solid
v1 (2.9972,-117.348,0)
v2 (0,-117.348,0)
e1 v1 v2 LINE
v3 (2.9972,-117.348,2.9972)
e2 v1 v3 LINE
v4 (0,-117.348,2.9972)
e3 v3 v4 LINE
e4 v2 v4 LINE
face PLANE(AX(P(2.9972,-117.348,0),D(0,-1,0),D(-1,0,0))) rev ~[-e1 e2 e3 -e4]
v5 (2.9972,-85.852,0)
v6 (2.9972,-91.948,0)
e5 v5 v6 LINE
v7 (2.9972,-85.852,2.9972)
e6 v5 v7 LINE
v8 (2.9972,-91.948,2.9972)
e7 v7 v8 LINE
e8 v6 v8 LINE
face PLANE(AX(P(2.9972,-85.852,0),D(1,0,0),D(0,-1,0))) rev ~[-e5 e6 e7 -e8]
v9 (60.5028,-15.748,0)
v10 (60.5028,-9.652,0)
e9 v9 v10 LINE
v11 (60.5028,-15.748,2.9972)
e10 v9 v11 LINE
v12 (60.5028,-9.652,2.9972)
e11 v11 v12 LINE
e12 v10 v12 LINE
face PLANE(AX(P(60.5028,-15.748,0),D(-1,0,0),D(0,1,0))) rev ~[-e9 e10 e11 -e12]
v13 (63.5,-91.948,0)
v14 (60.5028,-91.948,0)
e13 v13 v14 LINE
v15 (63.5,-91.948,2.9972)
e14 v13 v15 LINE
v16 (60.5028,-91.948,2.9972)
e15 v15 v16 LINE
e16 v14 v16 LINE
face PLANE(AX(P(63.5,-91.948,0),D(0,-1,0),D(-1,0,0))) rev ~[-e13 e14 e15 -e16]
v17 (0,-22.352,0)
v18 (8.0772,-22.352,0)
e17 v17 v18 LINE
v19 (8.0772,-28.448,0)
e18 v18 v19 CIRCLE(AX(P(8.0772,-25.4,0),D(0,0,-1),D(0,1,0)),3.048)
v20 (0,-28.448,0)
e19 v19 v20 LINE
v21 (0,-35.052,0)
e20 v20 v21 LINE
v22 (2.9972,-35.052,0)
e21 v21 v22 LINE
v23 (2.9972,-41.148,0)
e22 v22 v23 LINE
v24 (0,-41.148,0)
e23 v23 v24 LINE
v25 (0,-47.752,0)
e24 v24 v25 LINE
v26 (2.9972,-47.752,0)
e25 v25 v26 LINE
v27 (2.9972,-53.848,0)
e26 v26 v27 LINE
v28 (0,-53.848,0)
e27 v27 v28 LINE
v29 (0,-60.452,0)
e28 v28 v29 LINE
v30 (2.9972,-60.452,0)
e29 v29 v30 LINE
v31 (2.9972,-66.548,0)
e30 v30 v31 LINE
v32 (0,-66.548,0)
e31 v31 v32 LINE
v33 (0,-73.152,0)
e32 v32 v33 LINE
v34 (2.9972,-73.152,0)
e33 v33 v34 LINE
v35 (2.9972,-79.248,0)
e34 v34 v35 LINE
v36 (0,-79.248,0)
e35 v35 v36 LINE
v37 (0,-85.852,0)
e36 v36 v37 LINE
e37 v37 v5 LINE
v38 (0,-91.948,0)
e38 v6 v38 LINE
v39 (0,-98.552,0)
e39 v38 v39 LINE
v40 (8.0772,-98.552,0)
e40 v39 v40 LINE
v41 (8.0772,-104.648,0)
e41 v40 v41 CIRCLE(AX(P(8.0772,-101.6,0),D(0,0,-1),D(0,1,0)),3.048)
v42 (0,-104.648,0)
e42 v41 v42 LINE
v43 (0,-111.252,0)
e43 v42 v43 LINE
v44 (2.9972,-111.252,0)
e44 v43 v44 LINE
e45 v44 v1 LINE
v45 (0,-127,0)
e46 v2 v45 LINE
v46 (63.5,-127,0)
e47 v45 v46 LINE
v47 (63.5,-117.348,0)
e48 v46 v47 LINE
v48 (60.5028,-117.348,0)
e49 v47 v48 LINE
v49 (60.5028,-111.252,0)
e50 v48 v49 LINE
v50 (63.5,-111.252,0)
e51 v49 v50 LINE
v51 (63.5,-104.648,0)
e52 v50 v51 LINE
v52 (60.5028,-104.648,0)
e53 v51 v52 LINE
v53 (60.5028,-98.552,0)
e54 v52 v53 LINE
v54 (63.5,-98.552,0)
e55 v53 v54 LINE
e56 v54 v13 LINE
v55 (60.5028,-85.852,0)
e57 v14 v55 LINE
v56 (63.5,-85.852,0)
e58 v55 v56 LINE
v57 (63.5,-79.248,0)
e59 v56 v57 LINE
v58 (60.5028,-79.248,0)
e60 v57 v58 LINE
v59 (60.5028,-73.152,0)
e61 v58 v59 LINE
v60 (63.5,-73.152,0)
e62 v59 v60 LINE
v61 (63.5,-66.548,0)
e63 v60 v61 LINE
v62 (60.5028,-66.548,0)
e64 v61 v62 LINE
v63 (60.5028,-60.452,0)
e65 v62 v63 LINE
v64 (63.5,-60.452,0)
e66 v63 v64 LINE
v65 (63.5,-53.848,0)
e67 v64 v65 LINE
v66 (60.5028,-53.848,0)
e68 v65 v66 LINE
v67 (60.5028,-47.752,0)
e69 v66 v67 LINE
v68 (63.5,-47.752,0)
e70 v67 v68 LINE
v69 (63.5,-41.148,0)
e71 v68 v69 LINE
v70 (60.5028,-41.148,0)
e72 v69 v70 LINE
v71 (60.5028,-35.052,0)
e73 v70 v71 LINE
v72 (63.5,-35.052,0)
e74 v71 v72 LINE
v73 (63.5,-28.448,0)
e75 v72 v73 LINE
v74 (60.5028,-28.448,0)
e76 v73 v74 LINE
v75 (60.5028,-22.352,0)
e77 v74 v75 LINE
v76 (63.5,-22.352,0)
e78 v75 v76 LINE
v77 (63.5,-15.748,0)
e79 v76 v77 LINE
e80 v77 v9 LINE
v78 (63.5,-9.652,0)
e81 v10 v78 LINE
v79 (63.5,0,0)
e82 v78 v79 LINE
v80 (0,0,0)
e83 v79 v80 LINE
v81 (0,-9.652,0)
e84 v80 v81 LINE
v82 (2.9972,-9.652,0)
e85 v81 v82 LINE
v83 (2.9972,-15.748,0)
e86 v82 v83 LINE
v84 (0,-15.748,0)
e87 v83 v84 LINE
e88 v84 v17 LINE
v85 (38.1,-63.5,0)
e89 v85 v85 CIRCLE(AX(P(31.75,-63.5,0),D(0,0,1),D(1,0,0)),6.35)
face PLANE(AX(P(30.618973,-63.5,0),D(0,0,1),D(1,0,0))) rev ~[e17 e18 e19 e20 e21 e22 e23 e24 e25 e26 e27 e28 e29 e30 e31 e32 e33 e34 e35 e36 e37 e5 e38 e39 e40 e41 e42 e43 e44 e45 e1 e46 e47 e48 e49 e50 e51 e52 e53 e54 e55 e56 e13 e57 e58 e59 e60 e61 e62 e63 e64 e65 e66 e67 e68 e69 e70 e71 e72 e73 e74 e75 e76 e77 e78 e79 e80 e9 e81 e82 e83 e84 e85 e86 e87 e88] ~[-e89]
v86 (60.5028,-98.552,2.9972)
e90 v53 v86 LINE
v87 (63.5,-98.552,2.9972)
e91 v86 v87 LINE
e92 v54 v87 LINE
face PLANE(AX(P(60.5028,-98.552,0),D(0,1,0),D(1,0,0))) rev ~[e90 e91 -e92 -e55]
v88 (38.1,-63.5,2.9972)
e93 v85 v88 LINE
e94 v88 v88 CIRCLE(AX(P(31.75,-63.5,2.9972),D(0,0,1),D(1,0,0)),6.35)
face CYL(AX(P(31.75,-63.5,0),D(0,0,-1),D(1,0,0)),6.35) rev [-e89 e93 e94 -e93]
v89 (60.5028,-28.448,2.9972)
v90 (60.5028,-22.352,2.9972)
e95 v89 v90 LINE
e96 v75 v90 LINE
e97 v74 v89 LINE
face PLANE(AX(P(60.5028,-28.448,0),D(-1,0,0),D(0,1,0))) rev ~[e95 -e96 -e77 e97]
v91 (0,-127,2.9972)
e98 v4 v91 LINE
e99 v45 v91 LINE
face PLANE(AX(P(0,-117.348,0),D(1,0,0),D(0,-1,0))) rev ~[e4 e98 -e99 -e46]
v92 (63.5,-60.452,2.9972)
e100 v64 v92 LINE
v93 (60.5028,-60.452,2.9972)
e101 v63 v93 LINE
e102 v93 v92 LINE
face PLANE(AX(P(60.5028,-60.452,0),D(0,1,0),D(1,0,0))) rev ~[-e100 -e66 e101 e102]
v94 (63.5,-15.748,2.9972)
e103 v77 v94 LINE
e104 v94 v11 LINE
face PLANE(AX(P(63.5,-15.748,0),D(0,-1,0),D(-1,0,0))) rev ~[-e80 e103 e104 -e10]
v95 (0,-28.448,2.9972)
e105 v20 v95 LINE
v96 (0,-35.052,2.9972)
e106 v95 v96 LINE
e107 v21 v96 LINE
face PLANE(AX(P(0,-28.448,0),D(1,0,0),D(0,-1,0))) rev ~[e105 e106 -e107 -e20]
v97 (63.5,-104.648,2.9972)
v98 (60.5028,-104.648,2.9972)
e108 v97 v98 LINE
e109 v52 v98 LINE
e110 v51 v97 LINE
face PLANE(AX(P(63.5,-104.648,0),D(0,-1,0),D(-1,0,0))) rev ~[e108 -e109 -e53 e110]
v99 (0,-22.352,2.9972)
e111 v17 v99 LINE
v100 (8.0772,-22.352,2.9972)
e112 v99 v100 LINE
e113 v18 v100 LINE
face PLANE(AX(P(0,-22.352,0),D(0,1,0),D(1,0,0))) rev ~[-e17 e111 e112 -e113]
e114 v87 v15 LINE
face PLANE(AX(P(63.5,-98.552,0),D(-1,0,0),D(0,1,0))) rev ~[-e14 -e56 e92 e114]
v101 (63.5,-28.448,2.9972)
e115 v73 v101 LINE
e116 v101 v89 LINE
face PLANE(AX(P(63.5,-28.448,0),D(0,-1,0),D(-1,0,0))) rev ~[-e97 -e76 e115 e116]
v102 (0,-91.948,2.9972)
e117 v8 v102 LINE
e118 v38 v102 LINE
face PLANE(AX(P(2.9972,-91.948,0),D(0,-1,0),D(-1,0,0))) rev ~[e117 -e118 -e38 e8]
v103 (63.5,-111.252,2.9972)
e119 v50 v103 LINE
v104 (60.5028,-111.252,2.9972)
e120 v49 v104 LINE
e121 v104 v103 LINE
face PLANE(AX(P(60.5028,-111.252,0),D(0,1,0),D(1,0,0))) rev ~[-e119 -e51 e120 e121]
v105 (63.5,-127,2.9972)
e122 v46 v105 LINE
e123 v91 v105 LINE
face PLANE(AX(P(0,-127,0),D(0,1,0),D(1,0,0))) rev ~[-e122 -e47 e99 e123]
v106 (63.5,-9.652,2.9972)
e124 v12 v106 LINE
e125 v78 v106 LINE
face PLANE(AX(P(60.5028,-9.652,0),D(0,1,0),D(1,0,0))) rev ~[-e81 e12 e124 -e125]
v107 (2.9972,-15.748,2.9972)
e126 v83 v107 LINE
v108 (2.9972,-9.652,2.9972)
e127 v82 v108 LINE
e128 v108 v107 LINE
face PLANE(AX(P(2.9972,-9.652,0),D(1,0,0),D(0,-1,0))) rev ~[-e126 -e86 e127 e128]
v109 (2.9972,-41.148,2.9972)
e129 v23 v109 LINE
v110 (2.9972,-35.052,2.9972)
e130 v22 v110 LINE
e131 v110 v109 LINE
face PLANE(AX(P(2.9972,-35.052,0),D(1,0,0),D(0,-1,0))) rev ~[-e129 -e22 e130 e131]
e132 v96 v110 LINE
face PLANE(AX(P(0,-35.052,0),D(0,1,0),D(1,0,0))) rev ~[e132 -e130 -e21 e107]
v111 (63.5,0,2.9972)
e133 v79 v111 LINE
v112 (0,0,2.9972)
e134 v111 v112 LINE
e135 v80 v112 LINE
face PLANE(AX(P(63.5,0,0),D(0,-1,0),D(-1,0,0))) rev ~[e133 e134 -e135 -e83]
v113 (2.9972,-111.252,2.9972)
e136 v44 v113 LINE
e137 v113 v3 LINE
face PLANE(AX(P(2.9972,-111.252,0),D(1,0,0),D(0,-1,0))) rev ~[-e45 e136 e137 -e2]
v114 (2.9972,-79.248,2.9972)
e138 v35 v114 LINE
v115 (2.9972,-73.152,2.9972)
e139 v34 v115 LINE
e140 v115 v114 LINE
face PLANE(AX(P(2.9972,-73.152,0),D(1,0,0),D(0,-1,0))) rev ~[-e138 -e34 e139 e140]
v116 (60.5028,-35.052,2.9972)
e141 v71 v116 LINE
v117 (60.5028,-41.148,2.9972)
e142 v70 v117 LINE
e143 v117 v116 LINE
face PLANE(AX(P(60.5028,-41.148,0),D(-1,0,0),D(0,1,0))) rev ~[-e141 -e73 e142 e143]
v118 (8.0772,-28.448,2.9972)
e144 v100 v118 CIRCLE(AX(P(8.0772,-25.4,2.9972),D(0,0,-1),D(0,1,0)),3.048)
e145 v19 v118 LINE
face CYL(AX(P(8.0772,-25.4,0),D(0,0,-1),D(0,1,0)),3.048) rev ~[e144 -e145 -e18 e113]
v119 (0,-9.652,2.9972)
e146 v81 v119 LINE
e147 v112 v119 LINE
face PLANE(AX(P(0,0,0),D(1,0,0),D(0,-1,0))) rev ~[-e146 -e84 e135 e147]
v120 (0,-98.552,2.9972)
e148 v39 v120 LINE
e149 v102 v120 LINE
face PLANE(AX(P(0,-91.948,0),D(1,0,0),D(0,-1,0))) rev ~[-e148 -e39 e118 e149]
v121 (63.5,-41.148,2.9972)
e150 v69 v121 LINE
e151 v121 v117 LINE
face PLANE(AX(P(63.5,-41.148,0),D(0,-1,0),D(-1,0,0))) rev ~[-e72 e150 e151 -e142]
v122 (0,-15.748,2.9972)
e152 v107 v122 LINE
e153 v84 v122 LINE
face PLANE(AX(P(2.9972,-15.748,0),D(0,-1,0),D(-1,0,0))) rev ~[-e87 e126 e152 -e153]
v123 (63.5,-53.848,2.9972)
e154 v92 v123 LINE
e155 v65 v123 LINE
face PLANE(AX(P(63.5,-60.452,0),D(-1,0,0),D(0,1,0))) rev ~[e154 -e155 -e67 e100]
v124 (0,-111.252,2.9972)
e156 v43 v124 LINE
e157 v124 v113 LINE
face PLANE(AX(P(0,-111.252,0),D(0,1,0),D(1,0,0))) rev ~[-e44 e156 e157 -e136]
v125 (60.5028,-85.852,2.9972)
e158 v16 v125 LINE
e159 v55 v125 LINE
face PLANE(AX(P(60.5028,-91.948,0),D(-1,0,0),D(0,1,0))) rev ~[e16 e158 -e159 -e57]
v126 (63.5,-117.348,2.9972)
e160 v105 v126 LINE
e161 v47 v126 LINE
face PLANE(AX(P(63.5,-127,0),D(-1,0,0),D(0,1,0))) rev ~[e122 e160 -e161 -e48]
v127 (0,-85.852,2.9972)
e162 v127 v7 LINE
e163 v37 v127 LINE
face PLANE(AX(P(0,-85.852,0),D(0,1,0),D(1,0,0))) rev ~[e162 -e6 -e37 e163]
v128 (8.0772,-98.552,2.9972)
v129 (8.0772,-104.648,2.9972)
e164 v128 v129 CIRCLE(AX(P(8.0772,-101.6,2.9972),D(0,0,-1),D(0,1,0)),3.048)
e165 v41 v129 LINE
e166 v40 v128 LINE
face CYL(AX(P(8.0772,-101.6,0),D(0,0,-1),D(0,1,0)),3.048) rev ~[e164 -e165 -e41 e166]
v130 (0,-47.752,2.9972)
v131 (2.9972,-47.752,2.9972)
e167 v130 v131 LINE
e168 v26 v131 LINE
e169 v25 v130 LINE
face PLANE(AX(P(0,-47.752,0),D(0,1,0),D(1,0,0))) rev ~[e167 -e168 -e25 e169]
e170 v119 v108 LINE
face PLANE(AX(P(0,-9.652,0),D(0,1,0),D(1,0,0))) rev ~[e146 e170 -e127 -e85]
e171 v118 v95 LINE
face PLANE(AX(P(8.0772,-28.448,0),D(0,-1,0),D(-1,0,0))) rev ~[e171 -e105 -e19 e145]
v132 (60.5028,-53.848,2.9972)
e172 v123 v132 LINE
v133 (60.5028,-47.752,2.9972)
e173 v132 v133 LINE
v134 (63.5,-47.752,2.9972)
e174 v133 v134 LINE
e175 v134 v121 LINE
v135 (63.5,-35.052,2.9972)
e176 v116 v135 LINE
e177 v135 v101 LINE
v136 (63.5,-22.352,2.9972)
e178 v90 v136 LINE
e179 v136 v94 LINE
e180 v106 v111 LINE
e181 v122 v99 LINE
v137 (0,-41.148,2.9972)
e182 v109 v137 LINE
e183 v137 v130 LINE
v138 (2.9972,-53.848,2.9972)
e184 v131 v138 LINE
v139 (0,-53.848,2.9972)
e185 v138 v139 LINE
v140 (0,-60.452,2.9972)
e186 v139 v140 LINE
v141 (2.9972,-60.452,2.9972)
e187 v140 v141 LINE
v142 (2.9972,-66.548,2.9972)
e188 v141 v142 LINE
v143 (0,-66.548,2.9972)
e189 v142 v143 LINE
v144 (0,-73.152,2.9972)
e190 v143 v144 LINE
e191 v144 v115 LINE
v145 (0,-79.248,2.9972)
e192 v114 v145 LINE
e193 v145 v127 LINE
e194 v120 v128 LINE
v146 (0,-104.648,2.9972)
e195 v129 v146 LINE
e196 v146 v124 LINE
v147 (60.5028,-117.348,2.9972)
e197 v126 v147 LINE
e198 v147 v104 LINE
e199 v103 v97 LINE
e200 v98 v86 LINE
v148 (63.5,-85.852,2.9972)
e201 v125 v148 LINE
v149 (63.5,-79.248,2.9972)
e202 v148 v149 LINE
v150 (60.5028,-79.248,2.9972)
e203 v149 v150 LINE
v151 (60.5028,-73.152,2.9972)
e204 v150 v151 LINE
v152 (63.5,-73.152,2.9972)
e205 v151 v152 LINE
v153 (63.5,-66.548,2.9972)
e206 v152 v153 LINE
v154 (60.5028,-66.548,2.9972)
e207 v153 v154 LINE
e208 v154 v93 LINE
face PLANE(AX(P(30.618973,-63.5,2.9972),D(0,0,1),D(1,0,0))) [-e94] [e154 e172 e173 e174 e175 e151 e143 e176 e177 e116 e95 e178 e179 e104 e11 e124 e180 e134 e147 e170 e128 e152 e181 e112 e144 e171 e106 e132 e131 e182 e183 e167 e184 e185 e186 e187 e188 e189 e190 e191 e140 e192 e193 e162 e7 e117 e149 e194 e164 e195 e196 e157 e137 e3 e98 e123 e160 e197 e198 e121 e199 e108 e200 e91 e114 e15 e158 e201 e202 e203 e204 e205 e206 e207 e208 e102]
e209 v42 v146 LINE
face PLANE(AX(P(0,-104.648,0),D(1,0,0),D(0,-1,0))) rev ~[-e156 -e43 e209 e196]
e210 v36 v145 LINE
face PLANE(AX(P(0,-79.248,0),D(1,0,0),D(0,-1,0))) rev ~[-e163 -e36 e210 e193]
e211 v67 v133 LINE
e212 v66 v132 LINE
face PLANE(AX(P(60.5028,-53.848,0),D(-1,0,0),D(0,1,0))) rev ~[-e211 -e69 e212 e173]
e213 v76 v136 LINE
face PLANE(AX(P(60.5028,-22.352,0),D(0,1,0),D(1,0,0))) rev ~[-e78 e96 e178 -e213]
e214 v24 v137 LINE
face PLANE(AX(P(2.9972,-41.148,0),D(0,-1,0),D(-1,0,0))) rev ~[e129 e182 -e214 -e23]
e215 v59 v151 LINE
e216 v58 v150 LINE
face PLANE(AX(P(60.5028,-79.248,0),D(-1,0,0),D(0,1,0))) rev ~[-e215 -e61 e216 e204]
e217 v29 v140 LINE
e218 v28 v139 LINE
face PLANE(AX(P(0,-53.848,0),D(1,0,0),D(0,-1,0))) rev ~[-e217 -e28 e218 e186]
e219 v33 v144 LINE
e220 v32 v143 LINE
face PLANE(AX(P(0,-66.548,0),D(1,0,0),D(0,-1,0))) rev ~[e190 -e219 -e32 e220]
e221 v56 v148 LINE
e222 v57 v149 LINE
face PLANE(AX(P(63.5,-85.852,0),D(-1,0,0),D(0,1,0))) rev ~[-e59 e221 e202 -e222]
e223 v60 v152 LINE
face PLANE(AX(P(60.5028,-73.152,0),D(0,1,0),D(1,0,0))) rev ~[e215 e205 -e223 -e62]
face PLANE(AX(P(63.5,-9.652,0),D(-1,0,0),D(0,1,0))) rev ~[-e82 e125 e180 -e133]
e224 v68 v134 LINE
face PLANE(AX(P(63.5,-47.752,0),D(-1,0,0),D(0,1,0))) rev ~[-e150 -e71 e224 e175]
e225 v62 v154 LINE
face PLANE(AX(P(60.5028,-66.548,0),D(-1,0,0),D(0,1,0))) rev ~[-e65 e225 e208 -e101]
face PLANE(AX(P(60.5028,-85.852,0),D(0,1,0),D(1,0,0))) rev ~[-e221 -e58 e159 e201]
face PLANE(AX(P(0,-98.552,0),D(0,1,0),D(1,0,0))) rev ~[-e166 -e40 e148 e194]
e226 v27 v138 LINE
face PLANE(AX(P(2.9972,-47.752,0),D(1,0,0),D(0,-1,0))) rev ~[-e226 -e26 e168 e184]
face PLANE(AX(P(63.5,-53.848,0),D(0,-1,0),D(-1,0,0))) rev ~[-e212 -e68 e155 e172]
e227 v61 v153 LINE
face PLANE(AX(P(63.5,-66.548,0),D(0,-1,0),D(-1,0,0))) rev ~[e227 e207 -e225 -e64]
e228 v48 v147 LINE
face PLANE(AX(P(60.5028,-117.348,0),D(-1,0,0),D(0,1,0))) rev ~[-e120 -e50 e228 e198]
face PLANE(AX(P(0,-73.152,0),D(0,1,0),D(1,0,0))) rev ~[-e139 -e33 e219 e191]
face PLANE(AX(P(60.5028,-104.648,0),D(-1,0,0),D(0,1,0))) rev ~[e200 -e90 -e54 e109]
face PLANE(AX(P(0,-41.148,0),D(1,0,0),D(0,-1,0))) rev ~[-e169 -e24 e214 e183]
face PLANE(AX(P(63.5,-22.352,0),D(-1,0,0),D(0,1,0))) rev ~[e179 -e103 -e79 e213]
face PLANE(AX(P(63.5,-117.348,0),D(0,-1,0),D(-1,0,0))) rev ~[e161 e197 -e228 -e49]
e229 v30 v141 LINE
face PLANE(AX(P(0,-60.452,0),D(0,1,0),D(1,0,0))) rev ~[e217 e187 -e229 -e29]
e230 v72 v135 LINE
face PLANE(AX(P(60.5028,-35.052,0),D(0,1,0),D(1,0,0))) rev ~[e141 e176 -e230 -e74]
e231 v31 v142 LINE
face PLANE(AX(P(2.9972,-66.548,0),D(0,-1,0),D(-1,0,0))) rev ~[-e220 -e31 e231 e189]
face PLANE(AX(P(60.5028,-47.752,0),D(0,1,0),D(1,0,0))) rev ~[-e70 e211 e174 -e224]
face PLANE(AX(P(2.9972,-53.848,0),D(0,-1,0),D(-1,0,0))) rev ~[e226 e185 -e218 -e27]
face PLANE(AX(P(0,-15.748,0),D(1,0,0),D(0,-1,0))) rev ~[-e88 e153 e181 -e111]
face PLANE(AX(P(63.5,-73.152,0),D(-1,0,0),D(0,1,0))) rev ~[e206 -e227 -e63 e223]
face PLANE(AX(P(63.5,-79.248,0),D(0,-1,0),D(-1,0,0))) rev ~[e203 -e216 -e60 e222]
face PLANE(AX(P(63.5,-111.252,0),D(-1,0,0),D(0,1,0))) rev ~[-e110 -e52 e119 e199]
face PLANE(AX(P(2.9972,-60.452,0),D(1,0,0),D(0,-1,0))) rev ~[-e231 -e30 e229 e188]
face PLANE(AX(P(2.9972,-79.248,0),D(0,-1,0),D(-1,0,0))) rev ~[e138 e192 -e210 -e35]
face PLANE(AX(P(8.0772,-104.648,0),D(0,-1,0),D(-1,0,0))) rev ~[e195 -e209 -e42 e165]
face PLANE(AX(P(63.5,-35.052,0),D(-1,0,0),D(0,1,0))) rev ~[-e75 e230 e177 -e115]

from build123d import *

# Parameters (mm, degrees)
SKETCH1_R           = 6.35
BOSS_EXTRUDE2_DEPTH = 2.9972


with BuildPart() as part:
    # Sketch1 → Boss-Extrude2 (new body)
    with BuildSketch(Plane.XY):
        with BuildLine():
            Line((0, 0), (0, -9.652))
            Line((0, -9.652), (2.9972, -9.652))
            Line((2.9972, -9.652), (2.9972, -15.748))
            Line((2.9972, -15.748), (0, -15.748))
            Line((0, -15.748), (0, -22.352))
            Line((0, -22.352), (2.9972, -22.352))
            Line((2.9972, -22.352), (8.0772, -22.352))
            ThreePointArc((8.0772, -22.352), (11.1252, -25.4), (8.0772, -28.448))
            Line((8.0772, -28.448), (2.9972, -28.448))
            Line((2.9972, -28.448), (0, -28.448))
            Line((0, -28.448), (0, -35.052))
            Line((0, -35.052), (2.9972, -35.052))
            Line((2.9972, -35.052), (2.9972, -41.148))
            Line((2.9972, -41.148), (0, -41.148))
            Line((0, -41.148), (0, -47.752))
            Line((0, -47.752), (2.9972, -47.752))
            Line((2.9972, -47.752), (2.9972, -53.848))
            Line((2.9972, -53.848), (0, -53.848))
            Line((0, -53.848), (0, -60.452))
            Line((0, -60.452), (2.9972, -60.452))
            Line((2.9972, -60.452), (2.9972, -66.548))
            Line((2.9972, -66.548), (0, -66.548))
            Line((0, -66.548), (0, -73.152))
            Line((0, -73.152), (2.9972, -73.152))
            Line((2.9972, -73.152), (2.9972, -79.248))
            Line((2.9972, -79.248), (0, -79.248))
            Line((0, -79.248), (0, -85.852))
            Line((0, -85.852), (2.9972, -85.852))
            Line((2.9972, -85.852), (2.9972, -91.948))
            Line((2.9972, -91.948), (0, -91.948))
            Line((0, -91.948), (0, -98.552))
            Line((0, -98.552), (2.9972, -98.552))
            Line((2.9972, -98.552), (8.0772, -98.552))
            ThreePointArc((8.0772, -98.552), (11.1252, -101.6), (8.0772, -104.648))
            Line((8.0772, -104.648), (2.9972, -104.648))
            Line((2.9972, -104.648), (0, -104.648))
            Line((0, -104.648), (0, -111.252))
            Line((0, -111.252), (2.9972, -111.252))
            Line((2.9972, -111.252), (2.9972, -117.348))
            Line((2.9972, -117.348), (0, -117.348))
            Line((0, -117.348), (0, -127))
            Line((0, -127), (63.5, -127))
            Line((63.5, -127), (63.5, -117.348))
            Line((63.5, -117.348), (60.5028, -117.348))
            Line((60.5028, -117.348), (60.5028, -111.252))
            Line((60.5028, -111.252), (63.5, -111.252))
            Line((63.5, -111.252), (63.5, -104.648))
            Line((63.5, -104.648), (60.5028, -104.648))
            Line((60.5028, -104.648), (60.5028, -98.552))
            Line((60.5028, -98.552), (63.5, -98.552))
            Line((63.5, -98.552), (63.5, -91.948))
            Line((63.5, -91.948), (60.5028, -91.948))
            Line((60.5028, -91.948), (60.5028, -85.852))
            Line((60.5028, -85.852), (63.5, -85.852))
            Line((63.5, -85.852), (63.5, -79.248))
            Line((63.5, -79.248), (60.5028, -79.248))
            Line((60.5028, -79.248), (60.5028, -73.152))
            Line((60.5028, -73.152), (63.5, -73.152))
            Line((63.5, -73.152), (63.5, -66.548))
            Line((63.5, -66.548), (60.5028, -66.548))
            Line((60.5028, -66.548), (60.5028, -60.452))
            Line((60.5028, -60.452), (63.5, -60.452))
            Line((63.5, -60.452), (63.5, -53.848))
            Line((63.5, -53.848), (60.5028, -53.848))
            Line((60.5028, -53.848), (60.5028, -47.752))
            Line((60.5028, -47.752), (63.5, -47.752))
            Line((63.5, -47.752), (63.5, -41.148))
            Line((63.5, -41.148), (60.5028, -41.148))
            Line((60.5028, -41.148), (60.5028, -35.052))
            Line((60.5028, -35.052), (63.5, -35.052))
            Line((63.5, -35.052), (63.5, -28.448))
            Line((63.5, -28.448), (60.5028, -28.448))
            Line((60.5028, -28.448), (60.5028, -22.352))
            Line((60.5028, -22.352), (63.5, -22.352))
            Line((63.5, -22.352), (63.5, -15.748))
            Line((63.5, -15.748), (60.5028, -15.748))
            Line((60.5028, -15.748), (60.5028, -9.652))
            Line((60.5028, -9.652), (63.5, -9.652))
            Line((63.5, -9.652), (63.5, 0))
            Line((63.5, 0), (0, 0))
        make_face()
        with Locations((31.75, -63.5)):
            Circle(SKETCH1_R, mode=Mode.SUBTRACT)
    extrude(amount=BOSS_EXTRUDE2_DEPTH)


solid = part.part
